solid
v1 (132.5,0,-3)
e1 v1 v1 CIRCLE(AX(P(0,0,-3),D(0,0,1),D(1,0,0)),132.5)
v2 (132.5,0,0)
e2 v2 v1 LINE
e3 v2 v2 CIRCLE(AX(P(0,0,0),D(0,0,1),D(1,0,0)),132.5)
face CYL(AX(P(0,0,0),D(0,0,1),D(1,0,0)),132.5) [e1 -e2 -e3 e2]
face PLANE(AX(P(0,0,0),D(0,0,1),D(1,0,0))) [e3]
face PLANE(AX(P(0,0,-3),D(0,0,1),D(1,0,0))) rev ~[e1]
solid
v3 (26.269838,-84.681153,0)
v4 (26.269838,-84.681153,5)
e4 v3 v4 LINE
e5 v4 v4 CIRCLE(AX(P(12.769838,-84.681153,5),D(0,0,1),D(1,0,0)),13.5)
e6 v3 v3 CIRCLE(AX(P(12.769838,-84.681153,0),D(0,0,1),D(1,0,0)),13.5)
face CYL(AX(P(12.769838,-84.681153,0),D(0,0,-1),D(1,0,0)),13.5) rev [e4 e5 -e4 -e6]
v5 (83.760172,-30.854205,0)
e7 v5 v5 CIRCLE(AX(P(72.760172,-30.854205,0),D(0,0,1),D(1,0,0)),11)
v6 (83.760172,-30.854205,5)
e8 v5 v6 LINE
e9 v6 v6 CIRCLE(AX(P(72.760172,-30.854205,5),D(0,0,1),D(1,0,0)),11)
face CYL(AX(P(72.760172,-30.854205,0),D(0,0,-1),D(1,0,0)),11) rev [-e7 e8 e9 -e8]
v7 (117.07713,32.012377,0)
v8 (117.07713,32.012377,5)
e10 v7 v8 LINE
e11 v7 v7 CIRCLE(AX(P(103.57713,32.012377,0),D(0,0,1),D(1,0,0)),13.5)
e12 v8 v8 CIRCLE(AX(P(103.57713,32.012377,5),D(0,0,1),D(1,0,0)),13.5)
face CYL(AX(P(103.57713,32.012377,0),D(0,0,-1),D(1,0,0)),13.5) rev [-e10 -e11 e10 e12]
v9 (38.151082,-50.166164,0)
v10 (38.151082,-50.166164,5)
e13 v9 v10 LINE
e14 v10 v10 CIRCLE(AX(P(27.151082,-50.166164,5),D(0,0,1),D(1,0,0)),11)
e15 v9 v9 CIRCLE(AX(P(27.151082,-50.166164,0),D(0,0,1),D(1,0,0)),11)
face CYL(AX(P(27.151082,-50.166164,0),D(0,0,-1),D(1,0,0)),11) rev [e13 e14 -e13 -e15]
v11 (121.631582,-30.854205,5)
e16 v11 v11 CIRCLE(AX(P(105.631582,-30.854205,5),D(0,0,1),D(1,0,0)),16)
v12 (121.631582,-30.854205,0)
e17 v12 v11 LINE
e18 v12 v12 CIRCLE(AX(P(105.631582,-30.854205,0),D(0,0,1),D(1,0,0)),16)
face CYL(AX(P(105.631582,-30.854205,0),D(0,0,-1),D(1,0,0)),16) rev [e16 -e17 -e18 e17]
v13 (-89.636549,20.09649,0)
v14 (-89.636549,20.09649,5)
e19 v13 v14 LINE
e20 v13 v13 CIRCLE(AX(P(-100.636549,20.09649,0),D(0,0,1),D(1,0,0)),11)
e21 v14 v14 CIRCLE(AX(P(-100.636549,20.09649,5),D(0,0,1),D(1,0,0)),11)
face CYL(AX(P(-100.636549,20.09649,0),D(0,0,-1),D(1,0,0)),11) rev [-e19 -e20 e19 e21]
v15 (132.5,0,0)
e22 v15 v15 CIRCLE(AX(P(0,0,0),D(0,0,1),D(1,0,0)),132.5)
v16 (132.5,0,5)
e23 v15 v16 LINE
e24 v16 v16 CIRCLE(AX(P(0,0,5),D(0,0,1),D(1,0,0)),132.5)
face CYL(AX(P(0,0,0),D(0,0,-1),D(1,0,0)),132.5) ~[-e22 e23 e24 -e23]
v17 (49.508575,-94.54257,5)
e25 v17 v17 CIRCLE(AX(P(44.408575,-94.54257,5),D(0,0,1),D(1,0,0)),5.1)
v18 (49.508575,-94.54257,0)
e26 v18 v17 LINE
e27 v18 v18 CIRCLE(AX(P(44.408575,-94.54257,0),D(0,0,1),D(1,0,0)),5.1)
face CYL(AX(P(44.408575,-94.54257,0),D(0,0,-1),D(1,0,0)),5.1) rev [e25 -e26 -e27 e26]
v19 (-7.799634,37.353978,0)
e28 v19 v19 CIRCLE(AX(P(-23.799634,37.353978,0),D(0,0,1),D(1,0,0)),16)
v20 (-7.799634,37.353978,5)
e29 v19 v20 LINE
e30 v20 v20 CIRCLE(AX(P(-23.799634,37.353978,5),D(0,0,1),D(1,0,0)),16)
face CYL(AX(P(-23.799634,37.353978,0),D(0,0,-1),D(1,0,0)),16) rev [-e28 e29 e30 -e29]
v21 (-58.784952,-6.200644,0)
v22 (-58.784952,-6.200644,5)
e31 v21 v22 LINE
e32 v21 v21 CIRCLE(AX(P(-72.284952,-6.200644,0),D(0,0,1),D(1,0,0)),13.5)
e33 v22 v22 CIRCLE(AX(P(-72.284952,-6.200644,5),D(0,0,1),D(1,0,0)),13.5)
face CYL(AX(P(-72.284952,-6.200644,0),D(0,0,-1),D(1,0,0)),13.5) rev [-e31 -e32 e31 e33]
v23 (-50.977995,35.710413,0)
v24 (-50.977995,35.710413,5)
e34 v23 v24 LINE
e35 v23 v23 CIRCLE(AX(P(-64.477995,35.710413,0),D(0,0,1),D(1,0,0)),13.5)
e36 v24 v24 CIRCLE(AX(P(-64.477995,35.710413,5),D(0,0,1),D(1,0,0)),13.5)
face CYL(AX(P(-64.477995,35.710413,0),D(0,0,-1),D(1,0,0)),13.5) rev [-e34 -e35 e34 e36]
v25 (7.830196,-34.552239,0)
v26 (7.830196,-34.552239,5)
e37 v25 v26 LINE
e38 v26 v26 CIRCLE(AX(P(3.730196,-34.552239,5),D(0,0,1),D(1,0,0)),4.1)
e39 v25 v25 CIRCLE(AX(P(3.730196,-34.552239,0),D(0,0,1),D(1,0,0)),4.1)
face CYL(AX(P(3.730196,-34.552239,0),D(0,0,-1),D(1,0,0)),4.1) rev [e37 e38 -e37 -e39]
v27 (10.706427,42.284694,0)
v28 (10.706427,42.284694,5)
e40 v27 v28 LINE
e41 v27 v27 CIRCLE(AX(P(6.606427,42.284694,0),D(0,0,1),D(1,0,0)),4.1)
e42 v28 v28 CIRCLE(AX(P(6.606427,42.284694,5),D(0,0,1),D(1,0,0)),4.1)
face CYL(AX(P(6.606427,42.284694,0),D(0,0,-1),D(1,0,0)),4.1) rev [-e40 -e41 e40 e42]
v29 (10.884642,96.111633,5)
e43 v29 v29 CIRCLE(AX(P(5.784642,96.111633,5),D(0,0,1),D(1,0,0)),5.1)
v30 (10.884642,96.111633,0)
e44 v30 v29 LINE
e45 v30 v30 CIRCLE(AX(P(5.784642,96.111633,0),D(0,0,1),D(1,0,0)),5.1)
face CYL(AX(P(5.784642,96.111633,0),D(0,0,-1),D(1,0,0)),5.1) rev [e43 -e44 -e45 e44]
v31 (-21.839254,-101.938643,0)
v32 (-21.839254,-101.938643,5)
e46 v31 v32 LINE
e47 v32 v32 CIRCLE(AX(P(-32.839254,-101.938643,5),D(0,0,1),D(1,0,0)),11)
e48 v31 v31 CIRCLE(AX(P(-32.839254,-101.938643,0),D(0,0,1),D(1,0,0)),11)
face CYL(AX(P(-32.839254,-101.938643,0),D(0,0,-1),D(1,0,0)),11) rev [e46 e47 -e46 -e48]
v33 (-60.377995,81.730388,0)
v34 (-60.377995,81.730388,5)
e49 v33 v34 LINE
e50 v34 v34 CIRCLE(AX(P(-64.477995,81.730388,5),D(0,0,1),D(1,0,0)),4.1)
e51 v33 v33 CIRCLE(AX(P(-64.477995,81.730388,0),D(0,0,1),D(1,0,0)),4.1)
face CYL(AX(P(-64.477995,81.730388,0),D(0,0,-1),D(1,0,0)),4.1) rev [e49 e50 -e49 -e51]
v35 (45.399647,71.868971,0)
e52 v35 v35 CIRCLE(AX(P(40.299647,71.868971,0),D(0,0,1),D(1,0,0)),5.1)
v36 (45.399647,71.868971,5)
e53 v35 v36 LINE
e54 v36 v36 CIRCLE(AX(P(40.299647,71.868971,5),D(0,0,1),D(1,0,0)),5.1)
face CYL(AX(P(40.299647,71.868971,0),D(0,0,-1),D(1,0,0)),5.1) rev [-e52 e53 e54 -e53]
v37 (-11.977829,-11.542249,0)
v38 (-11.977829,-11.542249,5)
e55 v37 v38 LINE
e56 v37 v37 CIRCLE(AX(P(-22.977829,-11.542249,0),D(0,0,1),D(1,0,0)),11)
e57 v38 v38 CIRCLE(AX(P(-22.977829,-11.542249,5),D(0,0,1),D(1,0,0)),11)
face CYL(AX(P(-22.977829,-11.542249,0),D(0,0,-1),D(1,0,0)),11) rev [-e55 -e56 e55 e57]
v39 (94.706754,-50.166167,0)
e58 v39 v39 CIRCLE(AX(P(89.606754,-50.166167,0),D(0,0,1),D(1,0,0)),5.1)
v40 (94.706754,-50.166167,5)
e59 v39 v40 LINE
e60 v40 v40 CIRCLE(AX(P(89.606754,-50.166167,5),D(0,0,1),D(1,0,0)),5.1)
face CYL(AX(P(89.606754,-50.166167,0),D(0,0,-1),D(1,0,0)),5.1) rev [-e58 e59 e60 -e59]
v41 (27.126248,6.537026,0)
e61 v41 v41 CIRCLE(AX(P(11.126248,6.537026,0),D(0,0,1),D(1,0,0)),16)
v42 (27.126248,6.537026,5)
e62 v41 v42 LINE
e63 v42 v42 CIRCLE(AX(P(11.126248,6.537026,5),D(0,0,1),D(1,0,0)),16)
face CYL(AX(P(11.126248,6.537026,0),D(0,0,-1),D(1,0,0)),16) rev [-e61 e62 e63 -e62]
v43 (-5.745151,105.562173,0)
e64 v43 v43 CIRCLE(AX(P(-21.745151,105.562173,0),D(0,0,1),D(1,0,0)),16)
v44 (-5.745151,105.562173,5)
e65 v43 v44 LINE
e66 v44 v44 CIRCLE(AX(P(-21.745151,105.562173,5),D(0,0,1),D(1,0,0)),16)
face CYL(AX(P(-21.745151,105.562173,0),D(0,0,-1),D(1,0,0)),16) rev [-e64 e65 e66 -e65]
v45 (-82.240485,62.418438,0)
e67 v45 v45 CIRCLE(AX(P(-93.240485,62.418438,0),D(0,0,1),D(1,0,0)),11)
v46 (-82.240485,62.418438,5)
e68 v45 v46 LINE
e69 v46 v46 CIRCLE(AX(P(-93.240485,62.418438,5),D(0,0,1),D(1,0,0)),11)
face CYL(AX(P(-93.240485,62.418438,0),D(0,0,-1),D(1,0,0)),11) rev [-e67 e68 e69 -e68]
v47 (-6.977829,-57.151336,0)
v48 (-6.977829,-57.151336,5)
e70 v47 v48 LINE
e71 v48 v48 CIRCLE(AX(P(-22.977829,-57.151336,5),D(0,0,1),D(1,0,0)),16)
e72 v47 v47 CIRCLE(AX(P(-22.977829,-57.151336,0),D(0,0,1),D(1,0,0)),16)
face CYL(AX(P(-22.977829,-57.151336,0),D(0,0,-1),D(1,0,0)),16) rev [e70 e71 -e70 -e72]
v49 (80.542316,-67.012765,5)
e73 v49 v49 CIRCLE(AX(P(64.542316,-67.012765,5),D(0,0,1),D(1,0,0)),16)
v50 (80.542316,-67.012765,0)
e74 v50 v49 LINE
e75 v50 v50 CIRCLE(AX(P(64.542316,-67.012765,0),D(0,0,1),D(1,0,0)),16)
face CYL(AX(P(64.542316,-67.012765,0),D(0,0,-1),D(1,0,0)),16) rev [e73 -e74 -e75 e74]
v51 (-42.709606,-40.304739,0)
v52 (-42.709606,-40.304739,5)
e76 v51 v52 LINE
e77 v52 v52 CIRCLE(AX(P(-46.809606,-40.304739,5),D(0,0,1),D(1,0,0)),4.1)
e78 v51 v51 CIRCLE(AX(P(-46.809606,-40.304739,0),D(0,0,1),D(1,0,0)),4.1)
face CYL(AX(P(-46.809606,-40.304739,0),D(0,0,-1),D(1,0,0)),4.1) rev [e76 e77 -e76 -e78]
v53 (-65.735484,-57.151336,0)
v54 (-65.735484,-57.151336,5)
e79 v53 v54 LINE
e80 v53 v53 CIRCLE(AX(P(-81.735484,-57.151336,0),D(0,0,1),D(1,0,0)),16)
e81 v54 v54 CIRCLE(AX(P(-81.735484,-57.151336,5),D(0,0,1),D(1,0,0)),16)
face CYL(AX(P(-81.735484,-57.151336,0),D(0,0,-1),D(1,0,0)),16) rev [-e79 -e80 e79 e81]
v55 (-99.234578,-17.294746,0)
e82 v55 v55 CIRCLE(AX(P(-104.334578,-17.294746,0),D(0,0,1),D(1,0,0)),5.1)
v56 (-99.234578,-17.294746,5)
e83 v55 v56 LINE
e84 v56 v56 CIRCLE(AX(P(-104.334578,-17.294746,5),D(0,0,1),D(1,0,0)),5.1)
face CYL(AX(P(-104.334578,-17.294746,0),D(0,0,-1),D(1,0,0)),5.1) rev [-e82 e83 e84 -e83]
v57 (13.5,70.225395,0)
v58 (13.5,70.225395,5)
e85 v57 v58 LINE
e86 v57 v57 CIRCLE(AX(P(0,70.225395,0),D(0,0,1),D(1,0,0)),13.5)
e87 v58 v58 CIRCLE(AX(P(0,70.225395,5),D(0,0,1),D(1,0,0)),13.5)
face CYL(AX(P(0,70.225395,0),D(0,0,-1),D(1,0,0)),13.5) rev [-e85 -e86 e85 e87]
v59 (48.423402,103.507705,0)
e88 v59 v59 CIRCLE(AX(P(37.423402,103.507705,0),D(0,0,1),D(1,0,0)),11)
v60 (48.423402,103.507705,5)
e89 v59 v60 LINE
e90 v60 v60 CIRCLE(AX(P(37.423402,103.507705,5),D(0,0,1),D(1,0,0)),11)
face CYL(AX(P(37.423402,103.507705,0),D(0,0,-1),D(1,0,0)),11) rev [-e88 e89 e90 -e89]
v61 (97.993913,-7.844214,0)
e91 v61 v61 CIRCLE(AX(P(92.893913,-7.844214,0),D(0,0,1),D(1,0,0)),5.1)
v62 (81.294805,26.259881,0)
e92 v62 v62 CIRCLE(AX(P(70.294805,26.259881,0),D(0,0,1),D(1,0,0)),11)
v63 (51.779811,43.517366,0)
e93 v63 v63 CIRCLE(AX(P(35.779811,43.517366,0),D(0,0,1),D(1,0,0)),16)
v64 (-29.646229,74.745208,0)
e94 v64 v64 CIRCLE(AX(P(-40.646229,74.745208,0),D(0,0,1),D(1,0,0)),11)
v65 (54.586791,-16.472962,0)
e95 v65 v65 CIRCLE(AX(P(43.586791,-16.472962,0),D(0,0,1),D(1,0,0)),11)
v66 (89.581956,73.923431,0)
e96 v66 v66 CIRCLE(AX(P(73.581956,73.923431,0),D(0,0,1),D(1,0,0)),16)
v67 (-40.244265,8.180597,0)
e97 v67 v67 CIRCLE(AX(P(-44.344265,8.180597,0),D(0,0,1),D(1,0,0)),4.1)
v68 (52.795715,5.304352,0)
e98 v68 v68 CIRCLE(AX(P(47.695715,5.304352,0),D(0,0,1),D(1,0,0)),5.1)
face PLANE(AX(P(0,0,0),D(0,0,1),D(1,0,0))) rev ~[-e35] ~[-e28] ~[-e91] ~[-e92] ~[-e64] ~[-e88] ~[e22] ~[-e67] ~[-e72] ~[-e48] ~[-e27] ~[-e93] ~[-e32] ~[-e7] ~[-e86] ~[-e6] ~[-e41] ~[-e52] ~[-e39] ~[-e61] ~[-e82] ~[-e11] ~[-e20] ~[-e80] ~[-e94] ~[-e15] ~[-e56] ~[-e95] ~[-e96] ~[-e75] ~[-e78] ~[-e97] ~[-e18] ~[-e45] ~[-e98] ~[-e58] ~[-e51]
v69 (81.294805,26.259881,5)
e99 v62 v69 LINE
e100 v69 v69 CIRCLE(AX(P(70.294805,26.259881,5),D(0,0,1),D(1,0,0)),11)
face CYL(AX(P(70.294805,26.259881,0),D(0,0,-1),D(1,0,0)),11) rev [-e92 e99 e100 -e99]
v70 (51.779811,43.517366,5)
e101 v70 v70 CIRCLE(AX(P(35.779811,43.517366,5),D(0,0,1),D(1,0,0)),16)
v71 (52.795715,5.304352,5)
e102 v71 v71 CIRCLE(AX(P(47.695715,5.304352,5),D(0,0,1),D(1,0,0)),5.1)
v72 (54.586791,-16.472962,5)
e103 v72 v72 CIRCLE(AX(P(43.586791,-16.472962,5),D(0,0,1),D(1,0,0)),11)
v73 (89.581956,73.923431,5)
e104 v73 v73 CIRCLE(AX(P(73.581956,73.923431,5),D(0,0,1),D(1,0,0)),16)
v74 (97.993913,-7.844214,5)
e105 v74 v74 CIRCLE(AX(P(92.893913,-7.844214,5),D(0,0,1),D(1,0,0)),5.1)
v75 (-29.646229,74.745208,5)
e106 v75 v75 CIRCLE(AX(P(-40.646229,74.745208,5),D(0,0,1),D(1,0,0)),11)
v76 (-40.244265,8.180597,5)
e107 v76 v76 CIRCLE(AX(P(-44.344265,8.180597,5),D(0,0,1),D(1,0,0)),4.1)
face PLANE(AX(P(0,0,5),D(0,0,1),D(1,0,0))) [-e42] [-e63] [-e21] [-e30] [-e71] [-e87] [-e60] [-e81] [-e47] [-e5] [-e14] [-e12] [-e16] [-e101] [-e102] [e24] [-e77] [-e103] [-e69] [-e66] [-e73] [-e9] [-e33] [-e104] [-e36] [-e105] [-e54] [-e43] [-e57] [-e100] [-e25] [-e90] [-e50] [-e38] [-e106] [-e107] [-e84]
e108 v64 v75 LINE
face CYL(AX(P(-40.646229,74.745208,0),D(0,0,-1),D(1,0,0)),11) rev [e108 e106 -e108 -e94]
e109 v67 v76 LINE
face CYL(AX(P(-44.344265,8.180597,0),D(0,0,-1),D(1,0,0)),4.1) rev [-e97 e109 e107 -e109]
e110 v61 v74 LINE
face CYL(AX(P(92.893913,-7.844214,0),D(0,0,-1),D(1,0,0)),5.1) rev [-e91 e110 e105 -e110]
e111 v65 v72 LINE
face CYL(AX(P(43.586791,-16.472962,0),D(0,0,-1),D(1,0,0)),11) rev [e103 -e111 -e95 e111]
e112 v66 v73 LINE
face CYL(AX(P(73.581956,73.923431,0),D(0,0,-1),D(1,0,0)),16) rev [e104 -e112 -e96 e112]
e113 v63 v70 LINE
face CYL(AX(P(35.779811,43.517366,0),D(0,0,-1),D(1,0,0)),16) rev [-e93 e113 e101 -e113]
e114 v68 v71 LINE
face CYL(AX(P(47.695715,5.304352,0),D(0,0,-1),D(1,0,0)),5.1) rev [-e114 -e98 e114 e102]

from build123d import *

# Parameters (mm, degrees)
F0_R     = 132.5
F0_R_2   = 11
F0_R_3   = 16
F0_R_4   = 5.1
F0_R_5   = 13.5
F0_R_6   = 4.1
F1_DEPTH = 5
F2_DEPTH = 3


with BuildPart() as f1:
    # F0 (on Top) → F1 (new body)
    with BuildSketch(Plane.XY):
        Circle(F0_R)
        with Locations((-32.839254, -101.938643)):
            Circle(F0_R_2, mode=Mode.SUBTRACT)
        with Locations((-81.735484, -57.151336)):
            Circle(F0_R_3, mode=Mode.SUBTRACT)
        with Locations((-104.334578, -17.294746)):
            Circle(F0_R_4, mode=Mode.SUBTRACT)
        with Locations((-72.284952, -6.200644)):
            Circle(F0_R_5, mode=Mode.SUBTRACT)
        with Locations((-46.809606, -40.304739)):
            Circle(F0_R_6, mode=Mode.SUBTRACT)
        with Locations((-22.977829, -57.151336)):
            Circle(F0_R_3, mode=Mode.SUBTRACT)
        with Locations((-22.977829, -11.542249)):
            Circle(F0_R_2, mode=Mode.SUBTRACT)
        with Locations((12.769838, -84.681153)):
            Circle(F0_R_5, mode=Mode.SUBTRACT)
        with Locations((44.408575, -94.54257)):
            Circle(F0_R_4, mode=Mode.SUBTRACT)
        with Locations((64.542316, -67.012765)):
            Circle(F0_R_3, mode=Mode.SUBTRACT)
        with Locations((27.151082, -50.166164)):
            Circle(F0_R_2, mode=Mode.SUBTRACT)
        with Locations((3.730196, -34.552239)):
            Circle(F0_R_6, mode=Mode.SUBTRACT)
        with Locations((43.586791, -16.472962)):
            Circle(F0_R_2, mode=Mode.SUBTRACT)
        with Locations((89.606754, -50.166167)):
            Circle(F0_R_4, mode=Mode.SUBTRACT)
        with Locations((72.760172, -30.854205)):
            Circle(F0_R_2, mode=Mode.SUBTRACT)
        with Locations((92.893913, -7.844214)):
            Circle(F0_R_4, mode=Mode.SUBTRACT)
        with Locations((105.631582, -30.854205)):
            Circle(F0_R_3, mode=Mode.SUBTRACT)
        with Locations((-100.636549, 20.09649)):
            Circle(F0_R_2, mode=Mode.SUBTRACT)
        with Locations((-93.240485, 62.418438)):
            Circle(F0_R_2, mode=Mode.SUBTRACT)
        with Locations((-44.344265, 8.180597)):
            Circle(F0_R_6, mode=Mode.SUBTRACT)
        with Locations((-64.477995, 35.710413)):
            Circle(F0_R_5, mode=Mode.SUBTRACT)
        with Locations((-23.799634, 37.353978)):
            Circle(F0_R_3, mode=Mode.SUBTRACT)
        with Locations((-64.477995, 81.730388)):
            Circle(F0_R_6, mode=Mode.SUBTRACT)
        with Locations((-40.646229, 74.745208)):
            Circle(F0_R_2, mode=Mode.SUBTRACT)
        with Locations((-21.745151, 105.562173)):
            Circle(F0_R_3, mode=Mode.SUBTRACT)
        with Locations((11.126248, 6.537026)):
            Circle(F0_R_3, mode=Mode.SUBTRACT)
        with Locations((47.695715, 5.304352)):
            Circle(F0_R_4, mode=Mode.SUBTRACT)
        with Locations((6.606427, 42.284694)):
            Circle(F0_R_6, mode=Mode.SUBTRACT)
        with Locations((35.779811, 43.517366)):
            Circle(F0_R_3, mode=Mode.SUBTRACT)
        with Locations((70.294805, 26.259881)):
            Circle(F0_R_2, mode=Mode.SUBTRACT)
        with Locations((103.57713, 32.012377)):
            Circle(F0_R_5, mode=Mode.SUBTRACT)
        with Locations((0, 70.225395)):
            Circle(F0_R_5, mode=Mode.SUBTRACT)
        with Locations((5.784642, 96.111633)):
            Circle(F0_R_4, mode=Mode.SUBTRACT)
        with Locations((40.299647, 71.868971)):
            Circle(F0_R_4, mode=Mode.SUBTRACT)
        with Locations((37.423402, 103.507705)):
            Circle(F0_R_2, mode=Mode.SUBTRACT)
        with Locations((73.581956, 73.923431)):
            Circle(F0_R_3, mode=Mode.SUBTRACT)
    extrude(amount=F1_DEPTH)


with BuildPart() as f2:
    # F0 (on Top) → F2 (new body)
    with BuildSketch(Plane.XY):
        Circle(F0_R)
        with Locations((-32.839254, -101.938643)):
            Circle(F0_R_2, mode=Mode.SUBTRACT)
        with Locations((-81.735484, -57.151336)):
            Circle(F0_R_3, mode=Mode.SUBTRACT)
        with Locations((-104.334578, -17.294746)):
            Circle(F0_R_4, mode=Mode.SUBTRACT)
        with Locations((-72.284952, -6.200644)):
            Circle(F0_R_5, mode=Mode.SUBTRACT)
        with Locations((-46.809606, -40.304739)):
            Circle(F0_R_6, mode=Mode.SUBTRACT)
        with Locations((-22.977829, -57.151336)):
            Circle(F0_R_3, mode=Mode.SUBTRACT)
        with Locations((-22.977829, -11.542249)):
            Circle(F0_R_2, mode=Mode.SUBTRACT)
        with Locations((12.769838, -84.681153)):
            Circle(F0_R_5, mode=Mode.SUBTRACT)
        with Locations((44.408575, -94.54257)):
            Circle(F0_R_4, mode=Mode.SUBTRACT)
        with Locations((64.542316, -67.012765)):
            Circle(F0_R_3, mode=Mode.SUBTRACT)
        with Locations((27.151082, -50.166164)):
            Circle(F0_R_2, mode=Mode.SUBTRACT)
        with Locations((3.730196, -34.552239)):
            Circle(F0_R_6, mode=Mode.SUBTRACT)
        with Locations((43.586791, -16.472962)):
            Circle(F0_R_2, mode=Mode.SUBTRACT)
        with Locations((89.606754, -50.166167)):
            Circle(F0_R_4, mode=Mode.SUBTRACT)
        with Locations((72.760172, -30.854205)):
            Circle(F0_R_2, mode=Mode.SUBTRACT)
        with Locations((92.893913, -7.844214)):
            Circle(F0_R_4, mode=Mode.SUBTRACT)
        with Locations((105.631582, -30.854205)):
            Circle(F0_R_3, mode=Mode.SUBTRACT)
        with Locations((-100.636549, 20.09649)):
            Circle(F0_R_2, mode=Mode.SUBTRACT)
        with Locations((-93.240485, 62.418438)):
            Circle(F0_R_2, mode=Mode.SUBTRACT)
        with Locations((-44.344265, 8.180597)):
            Circle(F0_R_6, mode=Mode.SUBTRACT)
        with Locations((-64.477995, 35.710413)):
            Circle(F0_R_5, mode=Mode.SUBTRACT)
        with Locations((-23.799634, 37.353978)):
            Circle(F0_R_3, mode=Mode.SUBTRACT)
        with Locations((-64.477995, 81.730388)):
            Circle(F0_R_6, mode=Mode.SUBTRACT)
        with Locations((-40.646229, 74.745208)):
            Circle(F0_R_2, mode=Mode.SUBTRACT)
        with Locations((-21.745151, 105.562173)):
            Circle(F0_R_3, mode=Mode.SUBTRACT)
        with Locations((11.126248, 6.537026)):
            Circle(F0_R_3, mode=Mode.SUBTRACT)
        with Locations((47.695715, 5.304352)):
            Circle(F0_R_4, mode=Mode.SUBTRACT)
        with Locations((6.606427, 42.284694)):
            Circle(F0_R_6, mode=Mode.SUBTRACT)
        with Locations((35.779811, 43.517366)):
            Circle(F0_R_3, mode=Mode.SUBTRACT)
        with Locations((70.294805, 26.259881)):
            Circle(F0_R_2, mode=Mode.SUBTRACT)
        with Locations((103.57713, 32.012377)):
            Circle(F0_R_5, mode=Mode.SUBTRACT)
        with Locations((0, 70.225395)):
            Circle(F0_R_5, mode=Mode.SUBTRACT)
        with Locations((5.784642, 96.111633)):
            Circle(F0_R_4, mode=Mode.SUBTRACT)
        with Locations((40.299647, 71.868971)):
            Circle(F0_R_4, mode=Mode.SUBTRACT)
        with Locations((37.423402, 103.507705)):
            Circle(F0_R_2, mode=Mode.SUBTRACT)
        with Locations((73.581956, 73.923431)):
            Circle(F0_R_3, mode=Mode.SUBTRACT)
        with Locations((-23.799634, 37.353978)):
            Circle(F0_R_3)
        with Locations((105.631582, -30.854205)):
            Circle(F0_R_3)
        with Locations((72.760172, -30.854205)):
            Circle(F0_R_2)
        with Locations((-81.735484, -57.151336)):
            Circle(F0_R_3)
        with Locations((11.126248, 6.537026)):
            Circle(F0_R_3)
        with Locations((40.299647, 71.868971)):
            Circle(F0_R_4)
        with Locations((-22.977829, -11.542249)):
            Circle(F0_R_2)
        with Locations((5.784642, 96.111633)):
            Circle(F0_R_4)
        with Locations((-104.334578, -17.294746)):
            Circle(F0_R_4)
        with Locations((89.606754, -50.166167)):
            Circle(F0_R_4)
        with Locations((103.57713, 32.012377)):
            Circle(F0_R_5)
        with Locations((27.151082, -50.166164)):
            Circle(F0_R_2)
        with Locations((70.294805, 26.259881)):
            Circle(F0_R_2)
        with Locations((-40.646229, 74.745208)):
            Circle(F0_R_2)
        with Locations((-100.636549, 20.09649)):
            Circle(F0_R_2)
        with Locations((-32.839254, -101.938643)):
            Circle(F0_R_2)
        with Locations((37.423402, 103.507705)):
            Circle(F0_R_2)
        with Locations((47.695715, 5.304352)):
            Circle(F0_R_4)
        with Locations((44.408575, -94.54257)):
            Circle(F0_R_4)
        with Locations((43.586791, -16.472962)):
            Circle(F0_R_2)
        with Locations((64.542316, -67.012765)):
            Circle(F0_R_3)
        with Locations((-64.477995, 35.710413)):
            Circle(F0_R_5)
        with Locations((92.893913, -7.844214)):
            Circle(F0_R_4)
        with Locations((-72.284952, -6.200644)):
            Circle(F0_R_5)
        with Locations((-93.240485, 62.418438)):
            Circle(F0_R_2)
        with Locations((73.581956, 73.923431)):
            Circle(F0_R_3)
        with Locations((-22.977829, -57.151336)):
            Circle(F0_R_3)
        with Locations((12.769838, -84.681153)):
            Circle(F0_R_5)
        with Locations((0, 70.225395)):
            Circle(F0_R_5)
        with Locations((35.779811, 43.517366)):
            Circle(F0_R_3)
        with Locations((6.606427, 42.284694)):
            Circle(F0_R_6)
        with Locations((-46.809606, -40.304739)):
            Circle(F0_R_6)
        with Locations((3.730196, -34.552239)):
            Circle(F0_R_6)
        with Locations((-44.344265, 8.180597)):
            Circle(F0_R_6)
        with Locations((-64.477995, 81.730388)):
            Circle(F0_R_6)
        with Locations((-21.745151, 105.562173)):
            Circle(F0_R_3)
    extrude(amount=-F2_DEPTH)


solid = Compound([f1.part, f2.part])
